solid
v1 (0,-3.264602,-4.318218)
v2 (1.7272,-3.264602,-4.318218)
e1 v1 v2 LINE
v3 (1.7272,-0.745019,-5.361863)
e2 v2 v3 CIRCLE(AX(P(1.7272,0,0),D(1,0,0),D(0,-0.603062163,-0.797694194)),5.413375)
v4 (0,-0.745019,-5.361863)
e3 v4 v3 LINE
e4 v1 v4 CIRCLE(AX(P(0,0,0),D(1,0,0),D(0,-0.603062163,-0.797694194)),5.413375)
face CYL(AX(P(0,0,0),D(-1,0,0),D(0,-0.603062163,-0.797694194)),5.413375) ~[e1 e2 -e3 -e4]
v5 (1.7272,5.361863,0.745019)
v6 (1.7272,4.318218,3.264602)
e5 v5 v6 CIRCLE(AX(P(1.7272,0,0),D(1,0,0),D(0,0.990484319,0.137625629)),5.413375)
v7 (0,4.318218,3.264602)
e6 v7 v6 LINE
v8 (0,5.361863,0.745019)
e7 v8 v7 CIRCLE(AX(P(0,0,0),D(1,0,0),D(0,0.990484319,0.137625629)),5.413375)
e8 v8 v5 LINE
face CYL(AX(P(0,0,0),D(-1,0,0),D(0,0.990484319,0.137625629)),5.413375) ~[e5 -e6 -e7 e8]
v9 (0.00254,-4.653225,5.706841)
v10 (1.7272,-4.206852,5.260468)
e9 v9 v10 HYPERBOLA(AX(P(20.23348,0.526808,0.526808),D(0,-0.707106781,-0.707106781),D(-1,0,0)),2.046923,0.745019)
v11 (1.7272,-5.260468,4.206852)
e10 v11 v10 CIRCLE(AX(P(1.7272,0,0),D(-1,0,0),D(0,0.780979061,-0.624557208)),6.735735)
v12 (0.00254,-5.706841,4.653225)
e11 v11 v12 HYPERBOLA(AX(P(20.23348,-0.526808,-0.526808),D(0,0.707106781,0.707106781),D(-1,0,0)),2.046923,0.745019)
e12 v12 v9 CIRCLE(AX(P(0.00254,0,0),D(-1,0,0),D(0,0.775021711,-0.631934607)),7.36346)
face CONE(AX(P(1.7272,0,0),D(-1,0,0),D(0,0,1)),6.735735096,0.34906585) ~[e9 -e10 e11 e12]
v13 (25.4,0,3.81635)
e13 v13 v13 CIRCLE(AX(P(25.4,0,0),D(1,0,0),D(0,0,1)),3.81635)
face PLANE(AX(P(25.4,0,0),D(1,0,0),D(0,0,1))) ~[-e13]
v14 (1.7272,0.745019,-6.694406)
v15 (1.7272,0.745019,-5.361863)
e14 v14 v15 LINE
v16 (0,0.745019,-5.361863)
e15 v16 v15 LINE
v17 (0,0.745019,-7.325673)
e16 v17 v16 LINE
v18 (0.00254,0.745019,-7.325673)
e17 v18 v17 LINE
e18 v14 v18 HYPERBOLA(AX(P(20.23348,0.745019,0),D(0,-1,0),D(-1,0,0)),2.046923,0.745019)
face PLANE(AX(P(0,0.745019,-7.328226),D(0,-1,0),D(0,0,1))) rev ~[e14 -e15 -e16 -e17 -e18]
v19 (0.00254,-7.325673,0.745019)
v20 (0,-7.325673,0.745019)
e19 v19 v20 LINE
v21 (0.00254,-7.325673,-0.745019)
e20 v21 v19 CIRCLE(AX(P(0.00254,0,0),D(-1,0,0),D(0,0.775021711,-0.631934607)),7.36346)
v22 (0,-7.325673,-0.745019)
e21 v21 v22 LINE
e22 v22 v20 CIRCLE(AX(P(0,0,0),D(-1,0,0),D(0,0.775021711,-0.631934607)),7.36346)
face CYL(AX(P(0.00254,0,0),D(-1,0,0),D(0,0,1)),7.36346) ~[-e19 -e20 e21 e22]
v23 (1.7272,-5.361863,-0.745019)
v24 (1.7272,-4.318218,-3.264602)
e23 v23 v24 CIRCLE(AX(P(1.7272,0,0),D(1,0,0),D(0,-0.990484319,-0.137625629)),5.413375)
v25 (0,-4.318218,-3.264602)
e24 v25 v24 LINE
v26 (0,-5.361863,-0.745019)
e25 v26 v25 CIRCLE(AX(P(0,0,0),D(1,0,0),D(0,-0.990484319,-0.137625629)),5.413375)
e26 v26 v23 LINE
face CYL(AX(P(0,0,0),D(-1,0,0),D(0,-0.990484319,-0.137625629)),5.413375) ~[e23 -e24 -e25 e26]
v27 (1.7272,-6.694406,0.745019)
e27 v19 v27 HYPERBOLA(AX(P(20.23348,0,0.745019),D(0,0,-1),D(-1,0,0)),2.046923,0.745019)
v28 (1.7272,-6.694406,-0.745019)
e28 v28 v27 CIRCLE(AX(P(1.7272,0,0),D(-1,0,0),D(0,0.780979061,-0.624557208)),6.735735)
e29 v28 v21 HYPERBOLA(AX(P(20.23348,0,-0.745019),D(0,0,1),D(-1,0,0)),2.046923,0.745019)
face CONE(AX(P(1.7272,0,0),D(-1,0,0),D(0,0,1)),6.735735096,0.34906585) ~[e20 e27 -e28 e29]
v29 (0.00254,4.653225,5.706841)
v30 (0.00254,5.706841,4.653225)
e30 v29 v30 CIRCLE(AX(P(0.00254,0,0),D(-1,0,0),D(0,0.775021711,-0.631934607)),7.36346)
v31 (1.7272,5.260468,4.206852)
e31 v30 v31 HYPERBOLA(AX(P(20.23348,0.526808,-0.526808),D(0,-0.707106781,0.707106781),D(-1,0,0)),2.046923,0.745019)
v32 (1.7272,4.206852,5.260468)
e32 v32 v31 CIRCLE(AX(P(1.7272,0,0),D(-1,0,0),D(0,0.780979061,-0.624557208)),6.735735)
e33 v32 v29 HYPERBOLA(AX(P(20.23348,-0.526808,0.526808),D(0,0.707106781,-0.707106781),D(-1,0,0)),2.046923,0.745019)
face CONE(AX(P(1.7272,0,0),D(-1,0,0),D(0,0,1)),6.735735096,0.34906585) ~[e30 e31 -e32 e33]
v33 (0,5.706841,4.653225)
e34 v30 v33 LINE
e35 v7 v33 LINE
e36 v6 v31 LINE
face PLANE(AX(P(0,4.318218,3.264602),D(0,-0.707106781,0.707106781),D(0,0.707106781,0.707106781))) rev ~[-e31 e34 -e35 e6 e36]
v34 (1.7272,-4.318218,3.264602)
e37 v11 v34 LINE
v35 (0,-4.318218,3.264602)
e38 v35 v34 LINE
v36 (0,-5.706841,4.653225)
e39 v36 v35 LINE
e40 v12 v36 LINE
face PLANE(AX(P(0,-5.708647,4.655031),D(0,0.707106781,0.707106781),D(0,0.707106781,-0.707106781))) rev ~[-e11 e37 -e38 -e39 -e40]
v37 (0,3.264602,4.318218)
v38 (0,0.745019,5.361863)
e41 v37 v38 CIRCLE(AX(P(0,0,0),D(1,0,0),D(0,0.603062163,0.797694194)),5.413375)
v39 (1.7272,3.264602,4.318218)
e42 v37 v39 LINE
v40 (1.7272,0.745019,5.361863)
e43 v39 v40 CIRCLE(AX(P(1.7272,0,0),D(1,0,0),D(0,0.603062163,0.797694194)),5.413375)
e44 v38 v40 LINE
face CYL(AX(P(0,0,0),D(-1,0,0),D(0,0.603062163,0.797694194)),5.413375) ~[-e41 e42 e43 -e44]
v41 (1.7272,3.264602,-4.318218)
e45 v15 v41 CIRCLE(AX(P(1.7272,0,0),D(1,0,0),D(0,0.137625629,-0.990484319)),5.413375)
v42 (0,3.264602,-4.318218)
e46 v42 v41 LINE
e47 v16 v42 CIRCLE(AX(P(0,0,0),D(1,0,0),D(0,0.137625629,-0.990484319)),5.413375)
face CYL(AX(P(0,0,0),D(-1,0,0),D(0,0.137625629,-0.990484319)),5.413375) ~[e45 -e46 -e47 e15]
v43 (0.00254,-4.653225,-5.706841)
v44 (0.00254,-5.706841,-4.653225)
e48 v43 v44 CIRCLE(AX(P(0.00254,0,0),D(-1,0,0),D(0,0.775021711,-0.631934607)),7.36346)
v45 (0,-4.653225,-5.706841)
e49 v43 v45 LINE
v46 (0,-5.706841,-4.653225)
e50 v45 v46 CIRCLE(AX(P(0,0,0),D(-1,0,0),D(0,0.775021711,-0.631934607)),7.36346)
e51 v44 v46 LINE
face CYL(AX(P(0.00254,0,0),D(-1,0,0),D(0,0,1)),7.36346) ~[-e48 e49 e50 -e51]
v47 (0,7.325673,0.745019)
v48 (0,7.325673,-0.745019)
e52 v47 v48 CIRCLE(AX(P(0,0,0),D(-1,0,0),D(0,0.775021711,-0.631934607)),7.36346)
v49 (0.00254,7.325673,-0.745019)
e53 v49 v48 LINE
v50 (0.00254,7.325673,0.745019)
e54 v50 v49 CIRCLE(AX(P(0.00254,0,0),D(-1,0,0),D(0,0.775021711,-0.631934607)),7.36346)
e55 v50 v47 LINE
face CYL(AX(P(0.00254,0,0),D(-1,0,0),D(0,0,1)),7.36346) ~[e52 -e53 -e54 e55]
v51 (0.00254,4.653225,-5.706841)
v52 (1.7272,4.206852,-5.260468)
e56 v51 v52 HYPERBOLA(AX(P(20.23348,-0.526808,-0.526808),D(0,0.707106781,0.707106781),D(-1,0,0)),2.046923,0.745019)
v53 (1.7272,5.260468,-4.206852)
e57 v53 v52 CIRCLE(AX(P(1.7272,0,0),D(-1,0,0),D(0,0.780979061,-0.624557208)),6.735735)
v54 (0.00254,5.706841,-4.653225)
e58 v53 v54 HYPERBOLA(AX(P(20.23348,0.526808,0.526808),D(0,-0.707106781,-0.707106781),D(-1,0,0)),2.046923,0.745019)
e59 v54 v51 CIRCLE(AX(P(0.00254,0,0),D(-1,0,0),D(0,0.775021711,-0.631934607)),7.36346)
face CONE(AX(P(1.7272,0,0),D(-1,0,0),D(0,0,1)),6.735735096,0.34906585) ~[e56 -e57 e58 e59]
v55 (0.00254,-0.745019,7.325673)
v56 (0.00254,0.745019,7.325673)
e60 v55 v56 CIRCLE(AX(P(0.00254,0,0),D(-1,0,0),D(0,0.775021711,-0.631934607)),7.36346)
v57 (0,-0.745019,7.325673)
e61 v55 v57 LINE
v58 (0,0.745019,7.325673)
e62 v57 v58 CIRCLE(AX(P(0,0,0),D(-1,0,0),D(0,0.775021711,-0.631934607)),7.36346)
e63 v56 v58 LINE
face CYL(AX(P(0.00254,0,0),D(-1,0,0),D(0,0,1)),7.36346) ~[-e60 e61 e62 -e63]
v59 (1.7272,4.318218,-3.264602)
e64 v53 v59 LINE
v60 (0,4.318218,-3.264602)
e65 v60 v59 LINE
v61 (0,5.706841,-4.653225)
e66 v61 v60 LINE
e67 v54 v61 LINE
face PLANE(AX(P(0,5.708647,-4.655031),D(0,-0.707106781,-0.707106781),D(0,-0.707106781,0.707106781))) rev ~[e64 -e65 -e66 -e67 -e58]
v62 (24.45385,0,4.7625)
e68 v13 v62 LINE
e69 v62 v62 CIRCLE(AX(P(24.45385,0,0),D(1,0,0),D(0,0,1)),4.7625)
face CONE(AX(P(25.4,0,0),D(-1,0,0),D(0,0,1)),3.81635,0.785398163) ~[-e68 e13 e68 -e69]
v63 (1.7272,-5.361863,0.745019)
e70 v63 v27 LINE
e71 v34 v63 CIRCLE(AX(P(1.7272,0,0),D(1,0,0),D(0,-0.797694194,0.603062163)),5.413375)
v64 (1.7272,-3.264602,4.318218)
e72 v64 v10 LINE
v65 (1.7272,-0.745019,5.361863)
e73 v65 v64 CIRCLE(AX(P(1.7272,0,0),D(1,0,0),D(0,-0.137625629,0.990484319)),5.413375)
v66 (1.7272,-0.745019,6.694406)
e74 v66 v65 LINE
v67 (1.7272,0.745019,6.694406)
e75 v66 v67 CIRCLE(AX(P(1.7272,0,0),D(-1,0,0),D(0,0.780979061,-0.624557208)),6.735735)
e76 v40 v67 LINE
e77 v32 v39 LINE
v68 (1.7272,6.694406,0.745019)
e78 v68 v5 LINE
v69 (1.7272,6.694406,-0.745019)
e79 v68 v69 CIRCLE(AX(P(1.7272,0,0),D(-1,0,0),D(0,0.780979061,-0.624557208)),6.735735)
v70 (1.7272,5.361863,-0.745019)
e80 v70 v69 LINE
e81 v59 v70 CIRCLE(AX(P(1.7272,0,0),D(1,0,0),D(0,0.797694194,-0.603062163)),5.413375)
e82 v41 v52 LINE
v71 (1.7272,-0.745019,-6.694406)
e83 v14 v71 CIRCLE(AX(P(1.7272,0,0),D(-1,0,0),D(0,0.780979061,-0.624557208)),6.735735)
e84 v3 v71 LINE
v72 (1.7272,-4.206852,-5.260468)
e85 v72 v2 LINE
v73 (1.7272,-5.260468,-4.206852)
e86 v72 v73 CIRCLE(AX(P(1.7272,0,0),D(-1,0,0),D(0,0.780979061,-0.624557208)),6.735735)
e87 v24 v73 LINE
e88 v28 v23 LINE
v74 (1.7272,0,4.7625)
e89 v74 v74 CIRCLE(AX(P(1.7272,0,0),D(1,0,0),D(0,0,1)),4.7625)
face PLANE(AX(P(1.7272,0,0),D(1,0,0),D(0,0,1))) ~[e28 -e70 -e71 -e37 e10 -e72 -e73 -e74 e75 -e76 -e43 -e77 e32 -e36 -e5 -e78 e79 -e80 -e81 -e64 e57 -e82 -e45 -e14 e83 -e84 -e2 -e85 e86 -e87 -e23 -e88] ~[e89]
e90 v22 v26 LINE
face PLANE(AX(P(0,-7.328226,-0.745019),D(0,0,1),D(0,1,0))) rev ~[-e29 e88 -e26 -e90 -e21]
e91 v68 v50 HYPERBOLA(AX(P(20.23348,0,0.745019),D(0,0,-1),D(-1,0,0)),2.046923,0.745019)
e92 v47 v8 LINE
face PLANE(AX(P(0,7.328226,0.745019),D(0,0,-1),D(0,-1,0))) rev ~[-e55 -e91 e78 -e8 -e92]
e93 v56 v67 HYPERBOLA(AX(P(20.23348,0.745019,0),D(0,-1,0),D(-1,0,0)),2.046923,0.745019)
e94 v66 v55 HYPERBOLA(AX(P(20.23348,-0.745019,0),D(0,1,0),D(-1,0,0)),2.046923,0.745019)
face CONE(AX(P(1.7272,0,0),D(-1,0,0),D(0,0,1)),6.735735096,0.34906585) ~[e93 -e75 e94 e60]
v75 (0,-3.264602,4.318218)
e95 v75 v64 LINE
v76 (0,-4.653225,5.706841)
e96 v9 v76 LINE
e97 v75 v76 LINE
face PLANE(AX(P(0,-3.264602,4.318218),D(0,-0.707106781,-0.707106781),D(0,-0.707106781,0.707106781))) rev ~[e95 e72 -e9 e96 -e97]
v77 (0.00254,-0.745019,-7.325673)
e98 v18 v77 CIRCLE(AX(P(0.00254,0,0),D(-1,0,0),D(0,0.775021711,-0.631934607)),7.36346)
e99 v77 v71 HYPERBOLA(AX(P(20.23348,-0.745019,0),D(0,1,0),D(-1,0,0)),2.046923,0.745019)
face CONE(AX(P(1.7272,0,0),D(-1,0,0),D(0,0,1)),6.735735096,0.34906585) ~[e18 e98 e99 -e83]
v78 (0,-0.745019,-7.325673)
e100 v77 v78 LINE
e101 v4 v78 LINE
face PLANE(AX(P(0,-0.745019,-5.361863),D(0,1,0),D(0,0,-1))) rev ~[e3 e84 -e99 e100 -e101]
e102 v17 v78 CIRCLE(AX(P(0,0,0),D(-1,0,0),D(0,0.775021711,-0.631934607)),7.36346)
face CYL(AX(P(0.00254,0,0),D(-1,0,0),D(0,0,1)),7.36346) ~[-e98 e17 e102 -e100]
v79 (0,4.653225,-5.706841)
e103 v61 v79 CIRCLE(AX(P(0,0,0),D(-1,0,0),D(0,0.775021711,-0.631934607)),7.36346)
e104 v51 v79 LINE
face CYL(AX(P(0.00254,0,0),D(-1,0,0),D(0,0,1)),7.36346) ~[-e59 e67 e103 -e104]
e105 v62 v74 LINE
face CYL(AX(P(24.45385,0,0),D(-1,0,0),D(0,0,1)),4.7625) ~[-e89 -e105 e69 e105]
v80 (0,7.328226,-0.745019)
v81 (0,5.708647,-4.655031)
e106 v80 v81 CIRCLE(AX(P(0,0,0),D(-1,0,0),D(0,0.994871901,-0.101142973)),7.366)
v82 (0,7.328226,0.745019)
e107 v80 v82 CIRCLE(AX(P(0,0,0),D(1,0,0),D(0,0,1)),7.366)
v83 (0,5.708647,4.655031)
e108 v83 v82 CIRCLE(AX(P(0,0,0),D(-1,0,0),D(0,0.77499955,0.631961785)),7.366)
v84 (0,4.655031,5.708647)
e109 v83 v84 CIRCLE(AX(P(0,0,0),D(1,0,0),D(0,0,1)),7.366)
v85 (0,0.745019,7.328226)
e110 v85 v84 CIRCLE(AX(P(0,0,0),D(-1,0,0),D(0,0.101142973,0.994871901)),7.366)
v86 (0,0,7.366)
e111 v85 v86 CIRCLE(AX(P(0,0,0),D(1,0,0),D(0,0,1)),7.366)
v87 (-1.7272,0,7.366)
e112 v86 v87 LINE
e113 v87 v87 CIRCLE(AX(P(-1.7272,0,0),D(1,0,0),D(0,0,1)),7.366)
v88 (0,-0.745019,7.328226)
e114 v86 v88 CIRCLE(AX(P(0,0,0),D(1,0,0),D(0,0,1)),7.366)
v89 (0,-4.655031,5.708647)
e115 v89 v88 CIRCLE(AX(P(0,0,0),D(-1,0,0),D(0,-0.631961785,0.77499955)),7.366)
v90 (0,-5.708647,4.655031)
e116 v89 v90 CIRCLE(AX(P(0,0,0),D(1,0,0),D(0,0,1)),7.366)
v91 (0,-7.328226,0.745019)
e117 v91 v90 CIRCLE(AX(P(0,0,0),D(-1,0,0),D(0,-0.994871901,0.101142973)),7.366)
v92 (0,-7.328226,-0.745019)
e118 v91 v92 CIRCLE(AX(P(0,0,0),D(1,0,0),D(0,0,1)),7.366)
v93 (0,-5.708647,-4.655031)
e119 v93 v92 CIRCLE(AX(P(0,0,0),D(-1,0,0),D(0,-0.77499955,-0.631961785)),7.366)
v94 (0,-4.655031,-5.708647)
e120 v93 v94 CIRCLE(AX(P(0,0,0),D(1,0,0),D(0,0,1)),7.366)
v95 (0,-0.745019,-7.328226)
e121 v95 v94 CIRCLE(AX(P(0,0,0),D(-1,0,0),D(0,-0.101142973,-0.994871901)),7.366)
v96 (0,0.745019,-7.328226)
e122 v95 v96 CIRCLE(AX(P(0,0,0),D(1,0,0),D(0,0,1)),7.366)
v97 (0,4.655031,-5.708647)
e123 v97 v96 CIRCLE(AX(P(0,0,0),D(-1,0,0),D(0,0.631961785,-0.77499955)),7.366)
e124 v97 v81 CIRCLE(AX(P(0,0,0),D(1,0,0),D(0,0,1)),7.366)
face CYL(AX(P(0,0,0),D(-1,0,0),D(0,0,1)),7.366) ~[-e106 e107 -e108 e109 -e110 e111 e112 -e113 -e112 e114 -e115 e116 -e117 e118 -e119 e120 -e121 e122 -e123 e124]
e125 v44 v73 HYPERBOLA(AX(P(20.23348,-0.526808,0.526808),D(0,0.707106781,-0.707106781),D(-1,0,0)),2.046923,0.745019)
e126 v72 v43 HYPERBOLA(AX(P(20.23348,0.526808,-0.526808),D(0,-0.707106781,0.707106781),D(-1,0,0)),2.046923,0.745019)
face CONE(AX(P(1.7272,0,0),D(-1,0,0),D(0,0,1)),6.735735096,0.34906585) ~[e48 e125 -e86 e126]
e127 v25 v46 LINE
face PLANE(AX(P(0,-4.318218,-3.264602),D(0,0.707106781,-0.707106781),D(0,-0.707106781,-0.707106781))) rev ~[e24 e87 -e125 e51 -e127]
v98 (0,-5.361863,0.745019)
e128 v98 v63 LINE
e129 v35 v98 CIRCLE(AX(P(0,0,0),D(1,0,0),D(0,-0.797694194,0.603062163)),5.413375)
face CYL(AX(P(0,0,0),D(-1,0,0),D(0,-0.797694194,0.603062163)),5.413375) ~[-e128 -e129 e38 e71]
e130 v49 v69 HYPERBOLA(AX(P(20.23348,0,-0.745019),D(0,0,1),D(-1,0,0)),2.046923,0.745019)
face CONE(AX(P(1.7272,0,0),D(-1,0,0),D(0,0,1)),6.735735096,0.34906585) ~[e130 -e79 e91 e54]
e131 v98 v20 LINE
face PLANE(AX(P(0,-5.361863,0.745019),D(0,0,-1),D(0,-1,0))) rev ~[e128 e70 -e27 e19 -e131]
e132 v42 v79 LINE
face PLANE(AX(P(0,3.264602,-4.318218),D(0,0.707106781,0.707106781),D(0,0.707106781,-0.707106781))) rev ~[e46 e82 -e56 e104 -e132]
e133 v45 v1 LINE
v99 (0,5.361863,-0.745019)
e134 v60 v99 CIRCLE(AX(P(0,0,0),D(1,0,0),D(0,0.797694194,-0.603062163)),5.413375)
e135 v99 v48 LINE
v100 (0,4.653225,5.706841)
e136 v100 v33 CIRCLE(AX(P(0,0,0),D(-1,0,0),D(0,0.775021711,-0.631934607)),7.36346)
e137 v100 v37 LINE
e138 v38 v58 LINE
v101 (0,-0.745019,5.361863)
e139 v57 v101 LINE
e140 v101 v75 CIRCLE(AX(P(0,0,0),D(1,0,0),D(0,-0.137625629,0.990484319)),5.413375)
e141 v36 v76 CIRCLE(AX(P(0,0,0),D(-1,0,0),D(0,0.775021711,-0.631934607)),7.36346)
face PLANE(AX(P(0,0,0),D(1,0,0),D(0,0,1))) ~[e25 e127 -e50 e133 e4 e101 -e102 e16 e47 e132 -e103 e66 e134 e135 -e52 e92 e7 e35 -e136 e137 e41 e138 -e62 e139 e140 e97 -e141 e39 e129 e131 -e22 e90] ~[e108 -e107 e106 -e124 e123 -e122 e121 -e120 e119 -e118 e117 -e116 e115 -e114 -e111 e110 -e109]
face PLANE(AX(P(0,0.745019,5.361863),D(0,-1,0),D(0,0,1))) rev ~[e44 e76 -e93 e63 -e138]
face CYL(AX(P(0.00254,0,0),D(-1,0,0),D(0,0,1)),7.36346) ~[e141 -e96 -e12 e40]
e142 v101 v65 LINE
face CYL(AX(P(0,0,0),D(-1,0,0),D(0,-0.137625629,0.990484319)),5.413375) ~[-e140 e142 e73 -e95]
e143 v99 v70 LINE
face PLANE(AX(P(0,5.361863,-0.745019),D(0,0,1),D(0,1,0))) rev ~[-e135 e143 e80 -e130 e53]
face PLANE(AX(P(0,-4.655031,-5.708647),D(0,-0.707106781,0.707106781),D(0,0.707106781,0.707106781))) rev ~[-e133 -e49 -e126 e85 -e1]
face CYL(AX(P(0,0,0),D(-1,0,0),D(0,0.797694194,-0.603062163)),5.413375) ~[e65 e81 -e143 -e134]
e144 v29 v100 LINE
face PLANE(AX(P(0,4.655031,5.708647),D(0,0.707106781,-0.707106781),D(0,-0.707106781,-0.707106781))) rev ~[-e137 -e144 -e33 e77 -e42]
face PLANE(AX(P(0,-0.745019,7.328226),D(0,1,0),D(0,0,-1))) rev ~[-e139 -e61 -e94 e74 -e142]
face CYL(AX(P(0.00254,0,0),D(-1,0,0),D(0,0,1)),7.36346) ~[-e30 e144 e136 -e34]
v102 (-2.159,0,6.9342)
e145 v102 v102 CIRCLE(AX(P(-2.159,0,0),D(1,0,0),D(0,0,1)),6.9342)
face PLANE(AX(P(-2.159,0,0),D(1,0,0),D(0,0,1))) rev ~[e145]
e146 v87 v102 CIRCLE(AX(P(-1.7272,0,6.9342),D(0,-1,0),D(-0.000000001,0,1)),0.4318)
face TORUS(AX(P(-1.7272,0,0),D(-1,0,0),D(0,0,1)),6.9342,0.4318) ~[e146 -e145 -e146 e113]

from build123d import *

# Parameters (mm, degrees)
RIBCUT_START     = -1.7272
RIBCUT_DEPTH     = 1.7272
RIBCUTSPAT_COUNT = 8
RIBCUTSPAT_ANGLE = 315


with BuildPart() as part:
    # BodySke → BaseBody (revolve)
    with BuildSketch(Plane.XY, mode=Mode.PRIVATE) as basebody_sk:
        with BuildLine():
            Line((-2.159, 6.9342), (-2.159, 0))
            Line((-2.159, 0), (25.4, 0))
            Line((25.4, 0), (25.4, 3.81635))
            Line((25.4, 3.81635), (24.45385, 4.7625))
            Line((24.45385, 4.7625), (1.7272, 4.7625))
            Line((1.7272, 4.7625), (1.7272, 6.735735096))
            Line((1.7272, 6.735735096), (0.00254, 7.36346))
            Line((0.00254, 7.36346), (0, 7.36346))
            Line((0, 7.36346), (0, 7.366))
            Line((0, 7.366), (-1.7272, 7.366))
            ThreePointArc((-1.7272, 7.366), (-2.032528708, 7.239528708), (-2.159, 6.9342))
        make_face()
    revolve(basebody_sk.sketch.rotate(Axis((0, 0, 0), (1, 0, 0)), 90), axis=Axis((0, 0, 0), (1, 0, 0)))

    # RibCutSke → RibCut (cut)
    with BuildSketch(Plane(origin=(1.7272, 1.794401132, -0.090952894), x_dir=(0, 0, -1), z_dir=(1, 0, 0)).offset(RIBCUT_START)):
        with BuildLine():
            Line((0.654066246, 3.567461918), (0.654066246, 5.533825289))
            ThreePointArc((0.654066246, 5.533825289), (2.727893269, 5.010895504), (4.564077617, 3.91424555))
            Line((4.564077617, 3.91424555), (3.173648743, 2.523816676))
            ThreePointArc((3.173648743, 2.523816676), (1.980656032, 3.206905232), (0.654066246, 3.567461918))
        make_face()
    ribcut = extrude(amount=RIBCUT_DEPTH, mode=Mode.SUBTRACT)

    # RibCutsPat: RibCut ×8 about axis
    ribcutspat_axis = Axis((0, 0, 0), (1, 0, 0))
    for i in range(1, RIBCUTSPAT_COUNT):
        add(ribcut.rotate(ribcutspat_axis, i * RIBCUTSPAT_ANGLE / (RIBCUTSPAT_COUNT - 1)), mode=Mode.SUBTRACT)


solid = part.part
